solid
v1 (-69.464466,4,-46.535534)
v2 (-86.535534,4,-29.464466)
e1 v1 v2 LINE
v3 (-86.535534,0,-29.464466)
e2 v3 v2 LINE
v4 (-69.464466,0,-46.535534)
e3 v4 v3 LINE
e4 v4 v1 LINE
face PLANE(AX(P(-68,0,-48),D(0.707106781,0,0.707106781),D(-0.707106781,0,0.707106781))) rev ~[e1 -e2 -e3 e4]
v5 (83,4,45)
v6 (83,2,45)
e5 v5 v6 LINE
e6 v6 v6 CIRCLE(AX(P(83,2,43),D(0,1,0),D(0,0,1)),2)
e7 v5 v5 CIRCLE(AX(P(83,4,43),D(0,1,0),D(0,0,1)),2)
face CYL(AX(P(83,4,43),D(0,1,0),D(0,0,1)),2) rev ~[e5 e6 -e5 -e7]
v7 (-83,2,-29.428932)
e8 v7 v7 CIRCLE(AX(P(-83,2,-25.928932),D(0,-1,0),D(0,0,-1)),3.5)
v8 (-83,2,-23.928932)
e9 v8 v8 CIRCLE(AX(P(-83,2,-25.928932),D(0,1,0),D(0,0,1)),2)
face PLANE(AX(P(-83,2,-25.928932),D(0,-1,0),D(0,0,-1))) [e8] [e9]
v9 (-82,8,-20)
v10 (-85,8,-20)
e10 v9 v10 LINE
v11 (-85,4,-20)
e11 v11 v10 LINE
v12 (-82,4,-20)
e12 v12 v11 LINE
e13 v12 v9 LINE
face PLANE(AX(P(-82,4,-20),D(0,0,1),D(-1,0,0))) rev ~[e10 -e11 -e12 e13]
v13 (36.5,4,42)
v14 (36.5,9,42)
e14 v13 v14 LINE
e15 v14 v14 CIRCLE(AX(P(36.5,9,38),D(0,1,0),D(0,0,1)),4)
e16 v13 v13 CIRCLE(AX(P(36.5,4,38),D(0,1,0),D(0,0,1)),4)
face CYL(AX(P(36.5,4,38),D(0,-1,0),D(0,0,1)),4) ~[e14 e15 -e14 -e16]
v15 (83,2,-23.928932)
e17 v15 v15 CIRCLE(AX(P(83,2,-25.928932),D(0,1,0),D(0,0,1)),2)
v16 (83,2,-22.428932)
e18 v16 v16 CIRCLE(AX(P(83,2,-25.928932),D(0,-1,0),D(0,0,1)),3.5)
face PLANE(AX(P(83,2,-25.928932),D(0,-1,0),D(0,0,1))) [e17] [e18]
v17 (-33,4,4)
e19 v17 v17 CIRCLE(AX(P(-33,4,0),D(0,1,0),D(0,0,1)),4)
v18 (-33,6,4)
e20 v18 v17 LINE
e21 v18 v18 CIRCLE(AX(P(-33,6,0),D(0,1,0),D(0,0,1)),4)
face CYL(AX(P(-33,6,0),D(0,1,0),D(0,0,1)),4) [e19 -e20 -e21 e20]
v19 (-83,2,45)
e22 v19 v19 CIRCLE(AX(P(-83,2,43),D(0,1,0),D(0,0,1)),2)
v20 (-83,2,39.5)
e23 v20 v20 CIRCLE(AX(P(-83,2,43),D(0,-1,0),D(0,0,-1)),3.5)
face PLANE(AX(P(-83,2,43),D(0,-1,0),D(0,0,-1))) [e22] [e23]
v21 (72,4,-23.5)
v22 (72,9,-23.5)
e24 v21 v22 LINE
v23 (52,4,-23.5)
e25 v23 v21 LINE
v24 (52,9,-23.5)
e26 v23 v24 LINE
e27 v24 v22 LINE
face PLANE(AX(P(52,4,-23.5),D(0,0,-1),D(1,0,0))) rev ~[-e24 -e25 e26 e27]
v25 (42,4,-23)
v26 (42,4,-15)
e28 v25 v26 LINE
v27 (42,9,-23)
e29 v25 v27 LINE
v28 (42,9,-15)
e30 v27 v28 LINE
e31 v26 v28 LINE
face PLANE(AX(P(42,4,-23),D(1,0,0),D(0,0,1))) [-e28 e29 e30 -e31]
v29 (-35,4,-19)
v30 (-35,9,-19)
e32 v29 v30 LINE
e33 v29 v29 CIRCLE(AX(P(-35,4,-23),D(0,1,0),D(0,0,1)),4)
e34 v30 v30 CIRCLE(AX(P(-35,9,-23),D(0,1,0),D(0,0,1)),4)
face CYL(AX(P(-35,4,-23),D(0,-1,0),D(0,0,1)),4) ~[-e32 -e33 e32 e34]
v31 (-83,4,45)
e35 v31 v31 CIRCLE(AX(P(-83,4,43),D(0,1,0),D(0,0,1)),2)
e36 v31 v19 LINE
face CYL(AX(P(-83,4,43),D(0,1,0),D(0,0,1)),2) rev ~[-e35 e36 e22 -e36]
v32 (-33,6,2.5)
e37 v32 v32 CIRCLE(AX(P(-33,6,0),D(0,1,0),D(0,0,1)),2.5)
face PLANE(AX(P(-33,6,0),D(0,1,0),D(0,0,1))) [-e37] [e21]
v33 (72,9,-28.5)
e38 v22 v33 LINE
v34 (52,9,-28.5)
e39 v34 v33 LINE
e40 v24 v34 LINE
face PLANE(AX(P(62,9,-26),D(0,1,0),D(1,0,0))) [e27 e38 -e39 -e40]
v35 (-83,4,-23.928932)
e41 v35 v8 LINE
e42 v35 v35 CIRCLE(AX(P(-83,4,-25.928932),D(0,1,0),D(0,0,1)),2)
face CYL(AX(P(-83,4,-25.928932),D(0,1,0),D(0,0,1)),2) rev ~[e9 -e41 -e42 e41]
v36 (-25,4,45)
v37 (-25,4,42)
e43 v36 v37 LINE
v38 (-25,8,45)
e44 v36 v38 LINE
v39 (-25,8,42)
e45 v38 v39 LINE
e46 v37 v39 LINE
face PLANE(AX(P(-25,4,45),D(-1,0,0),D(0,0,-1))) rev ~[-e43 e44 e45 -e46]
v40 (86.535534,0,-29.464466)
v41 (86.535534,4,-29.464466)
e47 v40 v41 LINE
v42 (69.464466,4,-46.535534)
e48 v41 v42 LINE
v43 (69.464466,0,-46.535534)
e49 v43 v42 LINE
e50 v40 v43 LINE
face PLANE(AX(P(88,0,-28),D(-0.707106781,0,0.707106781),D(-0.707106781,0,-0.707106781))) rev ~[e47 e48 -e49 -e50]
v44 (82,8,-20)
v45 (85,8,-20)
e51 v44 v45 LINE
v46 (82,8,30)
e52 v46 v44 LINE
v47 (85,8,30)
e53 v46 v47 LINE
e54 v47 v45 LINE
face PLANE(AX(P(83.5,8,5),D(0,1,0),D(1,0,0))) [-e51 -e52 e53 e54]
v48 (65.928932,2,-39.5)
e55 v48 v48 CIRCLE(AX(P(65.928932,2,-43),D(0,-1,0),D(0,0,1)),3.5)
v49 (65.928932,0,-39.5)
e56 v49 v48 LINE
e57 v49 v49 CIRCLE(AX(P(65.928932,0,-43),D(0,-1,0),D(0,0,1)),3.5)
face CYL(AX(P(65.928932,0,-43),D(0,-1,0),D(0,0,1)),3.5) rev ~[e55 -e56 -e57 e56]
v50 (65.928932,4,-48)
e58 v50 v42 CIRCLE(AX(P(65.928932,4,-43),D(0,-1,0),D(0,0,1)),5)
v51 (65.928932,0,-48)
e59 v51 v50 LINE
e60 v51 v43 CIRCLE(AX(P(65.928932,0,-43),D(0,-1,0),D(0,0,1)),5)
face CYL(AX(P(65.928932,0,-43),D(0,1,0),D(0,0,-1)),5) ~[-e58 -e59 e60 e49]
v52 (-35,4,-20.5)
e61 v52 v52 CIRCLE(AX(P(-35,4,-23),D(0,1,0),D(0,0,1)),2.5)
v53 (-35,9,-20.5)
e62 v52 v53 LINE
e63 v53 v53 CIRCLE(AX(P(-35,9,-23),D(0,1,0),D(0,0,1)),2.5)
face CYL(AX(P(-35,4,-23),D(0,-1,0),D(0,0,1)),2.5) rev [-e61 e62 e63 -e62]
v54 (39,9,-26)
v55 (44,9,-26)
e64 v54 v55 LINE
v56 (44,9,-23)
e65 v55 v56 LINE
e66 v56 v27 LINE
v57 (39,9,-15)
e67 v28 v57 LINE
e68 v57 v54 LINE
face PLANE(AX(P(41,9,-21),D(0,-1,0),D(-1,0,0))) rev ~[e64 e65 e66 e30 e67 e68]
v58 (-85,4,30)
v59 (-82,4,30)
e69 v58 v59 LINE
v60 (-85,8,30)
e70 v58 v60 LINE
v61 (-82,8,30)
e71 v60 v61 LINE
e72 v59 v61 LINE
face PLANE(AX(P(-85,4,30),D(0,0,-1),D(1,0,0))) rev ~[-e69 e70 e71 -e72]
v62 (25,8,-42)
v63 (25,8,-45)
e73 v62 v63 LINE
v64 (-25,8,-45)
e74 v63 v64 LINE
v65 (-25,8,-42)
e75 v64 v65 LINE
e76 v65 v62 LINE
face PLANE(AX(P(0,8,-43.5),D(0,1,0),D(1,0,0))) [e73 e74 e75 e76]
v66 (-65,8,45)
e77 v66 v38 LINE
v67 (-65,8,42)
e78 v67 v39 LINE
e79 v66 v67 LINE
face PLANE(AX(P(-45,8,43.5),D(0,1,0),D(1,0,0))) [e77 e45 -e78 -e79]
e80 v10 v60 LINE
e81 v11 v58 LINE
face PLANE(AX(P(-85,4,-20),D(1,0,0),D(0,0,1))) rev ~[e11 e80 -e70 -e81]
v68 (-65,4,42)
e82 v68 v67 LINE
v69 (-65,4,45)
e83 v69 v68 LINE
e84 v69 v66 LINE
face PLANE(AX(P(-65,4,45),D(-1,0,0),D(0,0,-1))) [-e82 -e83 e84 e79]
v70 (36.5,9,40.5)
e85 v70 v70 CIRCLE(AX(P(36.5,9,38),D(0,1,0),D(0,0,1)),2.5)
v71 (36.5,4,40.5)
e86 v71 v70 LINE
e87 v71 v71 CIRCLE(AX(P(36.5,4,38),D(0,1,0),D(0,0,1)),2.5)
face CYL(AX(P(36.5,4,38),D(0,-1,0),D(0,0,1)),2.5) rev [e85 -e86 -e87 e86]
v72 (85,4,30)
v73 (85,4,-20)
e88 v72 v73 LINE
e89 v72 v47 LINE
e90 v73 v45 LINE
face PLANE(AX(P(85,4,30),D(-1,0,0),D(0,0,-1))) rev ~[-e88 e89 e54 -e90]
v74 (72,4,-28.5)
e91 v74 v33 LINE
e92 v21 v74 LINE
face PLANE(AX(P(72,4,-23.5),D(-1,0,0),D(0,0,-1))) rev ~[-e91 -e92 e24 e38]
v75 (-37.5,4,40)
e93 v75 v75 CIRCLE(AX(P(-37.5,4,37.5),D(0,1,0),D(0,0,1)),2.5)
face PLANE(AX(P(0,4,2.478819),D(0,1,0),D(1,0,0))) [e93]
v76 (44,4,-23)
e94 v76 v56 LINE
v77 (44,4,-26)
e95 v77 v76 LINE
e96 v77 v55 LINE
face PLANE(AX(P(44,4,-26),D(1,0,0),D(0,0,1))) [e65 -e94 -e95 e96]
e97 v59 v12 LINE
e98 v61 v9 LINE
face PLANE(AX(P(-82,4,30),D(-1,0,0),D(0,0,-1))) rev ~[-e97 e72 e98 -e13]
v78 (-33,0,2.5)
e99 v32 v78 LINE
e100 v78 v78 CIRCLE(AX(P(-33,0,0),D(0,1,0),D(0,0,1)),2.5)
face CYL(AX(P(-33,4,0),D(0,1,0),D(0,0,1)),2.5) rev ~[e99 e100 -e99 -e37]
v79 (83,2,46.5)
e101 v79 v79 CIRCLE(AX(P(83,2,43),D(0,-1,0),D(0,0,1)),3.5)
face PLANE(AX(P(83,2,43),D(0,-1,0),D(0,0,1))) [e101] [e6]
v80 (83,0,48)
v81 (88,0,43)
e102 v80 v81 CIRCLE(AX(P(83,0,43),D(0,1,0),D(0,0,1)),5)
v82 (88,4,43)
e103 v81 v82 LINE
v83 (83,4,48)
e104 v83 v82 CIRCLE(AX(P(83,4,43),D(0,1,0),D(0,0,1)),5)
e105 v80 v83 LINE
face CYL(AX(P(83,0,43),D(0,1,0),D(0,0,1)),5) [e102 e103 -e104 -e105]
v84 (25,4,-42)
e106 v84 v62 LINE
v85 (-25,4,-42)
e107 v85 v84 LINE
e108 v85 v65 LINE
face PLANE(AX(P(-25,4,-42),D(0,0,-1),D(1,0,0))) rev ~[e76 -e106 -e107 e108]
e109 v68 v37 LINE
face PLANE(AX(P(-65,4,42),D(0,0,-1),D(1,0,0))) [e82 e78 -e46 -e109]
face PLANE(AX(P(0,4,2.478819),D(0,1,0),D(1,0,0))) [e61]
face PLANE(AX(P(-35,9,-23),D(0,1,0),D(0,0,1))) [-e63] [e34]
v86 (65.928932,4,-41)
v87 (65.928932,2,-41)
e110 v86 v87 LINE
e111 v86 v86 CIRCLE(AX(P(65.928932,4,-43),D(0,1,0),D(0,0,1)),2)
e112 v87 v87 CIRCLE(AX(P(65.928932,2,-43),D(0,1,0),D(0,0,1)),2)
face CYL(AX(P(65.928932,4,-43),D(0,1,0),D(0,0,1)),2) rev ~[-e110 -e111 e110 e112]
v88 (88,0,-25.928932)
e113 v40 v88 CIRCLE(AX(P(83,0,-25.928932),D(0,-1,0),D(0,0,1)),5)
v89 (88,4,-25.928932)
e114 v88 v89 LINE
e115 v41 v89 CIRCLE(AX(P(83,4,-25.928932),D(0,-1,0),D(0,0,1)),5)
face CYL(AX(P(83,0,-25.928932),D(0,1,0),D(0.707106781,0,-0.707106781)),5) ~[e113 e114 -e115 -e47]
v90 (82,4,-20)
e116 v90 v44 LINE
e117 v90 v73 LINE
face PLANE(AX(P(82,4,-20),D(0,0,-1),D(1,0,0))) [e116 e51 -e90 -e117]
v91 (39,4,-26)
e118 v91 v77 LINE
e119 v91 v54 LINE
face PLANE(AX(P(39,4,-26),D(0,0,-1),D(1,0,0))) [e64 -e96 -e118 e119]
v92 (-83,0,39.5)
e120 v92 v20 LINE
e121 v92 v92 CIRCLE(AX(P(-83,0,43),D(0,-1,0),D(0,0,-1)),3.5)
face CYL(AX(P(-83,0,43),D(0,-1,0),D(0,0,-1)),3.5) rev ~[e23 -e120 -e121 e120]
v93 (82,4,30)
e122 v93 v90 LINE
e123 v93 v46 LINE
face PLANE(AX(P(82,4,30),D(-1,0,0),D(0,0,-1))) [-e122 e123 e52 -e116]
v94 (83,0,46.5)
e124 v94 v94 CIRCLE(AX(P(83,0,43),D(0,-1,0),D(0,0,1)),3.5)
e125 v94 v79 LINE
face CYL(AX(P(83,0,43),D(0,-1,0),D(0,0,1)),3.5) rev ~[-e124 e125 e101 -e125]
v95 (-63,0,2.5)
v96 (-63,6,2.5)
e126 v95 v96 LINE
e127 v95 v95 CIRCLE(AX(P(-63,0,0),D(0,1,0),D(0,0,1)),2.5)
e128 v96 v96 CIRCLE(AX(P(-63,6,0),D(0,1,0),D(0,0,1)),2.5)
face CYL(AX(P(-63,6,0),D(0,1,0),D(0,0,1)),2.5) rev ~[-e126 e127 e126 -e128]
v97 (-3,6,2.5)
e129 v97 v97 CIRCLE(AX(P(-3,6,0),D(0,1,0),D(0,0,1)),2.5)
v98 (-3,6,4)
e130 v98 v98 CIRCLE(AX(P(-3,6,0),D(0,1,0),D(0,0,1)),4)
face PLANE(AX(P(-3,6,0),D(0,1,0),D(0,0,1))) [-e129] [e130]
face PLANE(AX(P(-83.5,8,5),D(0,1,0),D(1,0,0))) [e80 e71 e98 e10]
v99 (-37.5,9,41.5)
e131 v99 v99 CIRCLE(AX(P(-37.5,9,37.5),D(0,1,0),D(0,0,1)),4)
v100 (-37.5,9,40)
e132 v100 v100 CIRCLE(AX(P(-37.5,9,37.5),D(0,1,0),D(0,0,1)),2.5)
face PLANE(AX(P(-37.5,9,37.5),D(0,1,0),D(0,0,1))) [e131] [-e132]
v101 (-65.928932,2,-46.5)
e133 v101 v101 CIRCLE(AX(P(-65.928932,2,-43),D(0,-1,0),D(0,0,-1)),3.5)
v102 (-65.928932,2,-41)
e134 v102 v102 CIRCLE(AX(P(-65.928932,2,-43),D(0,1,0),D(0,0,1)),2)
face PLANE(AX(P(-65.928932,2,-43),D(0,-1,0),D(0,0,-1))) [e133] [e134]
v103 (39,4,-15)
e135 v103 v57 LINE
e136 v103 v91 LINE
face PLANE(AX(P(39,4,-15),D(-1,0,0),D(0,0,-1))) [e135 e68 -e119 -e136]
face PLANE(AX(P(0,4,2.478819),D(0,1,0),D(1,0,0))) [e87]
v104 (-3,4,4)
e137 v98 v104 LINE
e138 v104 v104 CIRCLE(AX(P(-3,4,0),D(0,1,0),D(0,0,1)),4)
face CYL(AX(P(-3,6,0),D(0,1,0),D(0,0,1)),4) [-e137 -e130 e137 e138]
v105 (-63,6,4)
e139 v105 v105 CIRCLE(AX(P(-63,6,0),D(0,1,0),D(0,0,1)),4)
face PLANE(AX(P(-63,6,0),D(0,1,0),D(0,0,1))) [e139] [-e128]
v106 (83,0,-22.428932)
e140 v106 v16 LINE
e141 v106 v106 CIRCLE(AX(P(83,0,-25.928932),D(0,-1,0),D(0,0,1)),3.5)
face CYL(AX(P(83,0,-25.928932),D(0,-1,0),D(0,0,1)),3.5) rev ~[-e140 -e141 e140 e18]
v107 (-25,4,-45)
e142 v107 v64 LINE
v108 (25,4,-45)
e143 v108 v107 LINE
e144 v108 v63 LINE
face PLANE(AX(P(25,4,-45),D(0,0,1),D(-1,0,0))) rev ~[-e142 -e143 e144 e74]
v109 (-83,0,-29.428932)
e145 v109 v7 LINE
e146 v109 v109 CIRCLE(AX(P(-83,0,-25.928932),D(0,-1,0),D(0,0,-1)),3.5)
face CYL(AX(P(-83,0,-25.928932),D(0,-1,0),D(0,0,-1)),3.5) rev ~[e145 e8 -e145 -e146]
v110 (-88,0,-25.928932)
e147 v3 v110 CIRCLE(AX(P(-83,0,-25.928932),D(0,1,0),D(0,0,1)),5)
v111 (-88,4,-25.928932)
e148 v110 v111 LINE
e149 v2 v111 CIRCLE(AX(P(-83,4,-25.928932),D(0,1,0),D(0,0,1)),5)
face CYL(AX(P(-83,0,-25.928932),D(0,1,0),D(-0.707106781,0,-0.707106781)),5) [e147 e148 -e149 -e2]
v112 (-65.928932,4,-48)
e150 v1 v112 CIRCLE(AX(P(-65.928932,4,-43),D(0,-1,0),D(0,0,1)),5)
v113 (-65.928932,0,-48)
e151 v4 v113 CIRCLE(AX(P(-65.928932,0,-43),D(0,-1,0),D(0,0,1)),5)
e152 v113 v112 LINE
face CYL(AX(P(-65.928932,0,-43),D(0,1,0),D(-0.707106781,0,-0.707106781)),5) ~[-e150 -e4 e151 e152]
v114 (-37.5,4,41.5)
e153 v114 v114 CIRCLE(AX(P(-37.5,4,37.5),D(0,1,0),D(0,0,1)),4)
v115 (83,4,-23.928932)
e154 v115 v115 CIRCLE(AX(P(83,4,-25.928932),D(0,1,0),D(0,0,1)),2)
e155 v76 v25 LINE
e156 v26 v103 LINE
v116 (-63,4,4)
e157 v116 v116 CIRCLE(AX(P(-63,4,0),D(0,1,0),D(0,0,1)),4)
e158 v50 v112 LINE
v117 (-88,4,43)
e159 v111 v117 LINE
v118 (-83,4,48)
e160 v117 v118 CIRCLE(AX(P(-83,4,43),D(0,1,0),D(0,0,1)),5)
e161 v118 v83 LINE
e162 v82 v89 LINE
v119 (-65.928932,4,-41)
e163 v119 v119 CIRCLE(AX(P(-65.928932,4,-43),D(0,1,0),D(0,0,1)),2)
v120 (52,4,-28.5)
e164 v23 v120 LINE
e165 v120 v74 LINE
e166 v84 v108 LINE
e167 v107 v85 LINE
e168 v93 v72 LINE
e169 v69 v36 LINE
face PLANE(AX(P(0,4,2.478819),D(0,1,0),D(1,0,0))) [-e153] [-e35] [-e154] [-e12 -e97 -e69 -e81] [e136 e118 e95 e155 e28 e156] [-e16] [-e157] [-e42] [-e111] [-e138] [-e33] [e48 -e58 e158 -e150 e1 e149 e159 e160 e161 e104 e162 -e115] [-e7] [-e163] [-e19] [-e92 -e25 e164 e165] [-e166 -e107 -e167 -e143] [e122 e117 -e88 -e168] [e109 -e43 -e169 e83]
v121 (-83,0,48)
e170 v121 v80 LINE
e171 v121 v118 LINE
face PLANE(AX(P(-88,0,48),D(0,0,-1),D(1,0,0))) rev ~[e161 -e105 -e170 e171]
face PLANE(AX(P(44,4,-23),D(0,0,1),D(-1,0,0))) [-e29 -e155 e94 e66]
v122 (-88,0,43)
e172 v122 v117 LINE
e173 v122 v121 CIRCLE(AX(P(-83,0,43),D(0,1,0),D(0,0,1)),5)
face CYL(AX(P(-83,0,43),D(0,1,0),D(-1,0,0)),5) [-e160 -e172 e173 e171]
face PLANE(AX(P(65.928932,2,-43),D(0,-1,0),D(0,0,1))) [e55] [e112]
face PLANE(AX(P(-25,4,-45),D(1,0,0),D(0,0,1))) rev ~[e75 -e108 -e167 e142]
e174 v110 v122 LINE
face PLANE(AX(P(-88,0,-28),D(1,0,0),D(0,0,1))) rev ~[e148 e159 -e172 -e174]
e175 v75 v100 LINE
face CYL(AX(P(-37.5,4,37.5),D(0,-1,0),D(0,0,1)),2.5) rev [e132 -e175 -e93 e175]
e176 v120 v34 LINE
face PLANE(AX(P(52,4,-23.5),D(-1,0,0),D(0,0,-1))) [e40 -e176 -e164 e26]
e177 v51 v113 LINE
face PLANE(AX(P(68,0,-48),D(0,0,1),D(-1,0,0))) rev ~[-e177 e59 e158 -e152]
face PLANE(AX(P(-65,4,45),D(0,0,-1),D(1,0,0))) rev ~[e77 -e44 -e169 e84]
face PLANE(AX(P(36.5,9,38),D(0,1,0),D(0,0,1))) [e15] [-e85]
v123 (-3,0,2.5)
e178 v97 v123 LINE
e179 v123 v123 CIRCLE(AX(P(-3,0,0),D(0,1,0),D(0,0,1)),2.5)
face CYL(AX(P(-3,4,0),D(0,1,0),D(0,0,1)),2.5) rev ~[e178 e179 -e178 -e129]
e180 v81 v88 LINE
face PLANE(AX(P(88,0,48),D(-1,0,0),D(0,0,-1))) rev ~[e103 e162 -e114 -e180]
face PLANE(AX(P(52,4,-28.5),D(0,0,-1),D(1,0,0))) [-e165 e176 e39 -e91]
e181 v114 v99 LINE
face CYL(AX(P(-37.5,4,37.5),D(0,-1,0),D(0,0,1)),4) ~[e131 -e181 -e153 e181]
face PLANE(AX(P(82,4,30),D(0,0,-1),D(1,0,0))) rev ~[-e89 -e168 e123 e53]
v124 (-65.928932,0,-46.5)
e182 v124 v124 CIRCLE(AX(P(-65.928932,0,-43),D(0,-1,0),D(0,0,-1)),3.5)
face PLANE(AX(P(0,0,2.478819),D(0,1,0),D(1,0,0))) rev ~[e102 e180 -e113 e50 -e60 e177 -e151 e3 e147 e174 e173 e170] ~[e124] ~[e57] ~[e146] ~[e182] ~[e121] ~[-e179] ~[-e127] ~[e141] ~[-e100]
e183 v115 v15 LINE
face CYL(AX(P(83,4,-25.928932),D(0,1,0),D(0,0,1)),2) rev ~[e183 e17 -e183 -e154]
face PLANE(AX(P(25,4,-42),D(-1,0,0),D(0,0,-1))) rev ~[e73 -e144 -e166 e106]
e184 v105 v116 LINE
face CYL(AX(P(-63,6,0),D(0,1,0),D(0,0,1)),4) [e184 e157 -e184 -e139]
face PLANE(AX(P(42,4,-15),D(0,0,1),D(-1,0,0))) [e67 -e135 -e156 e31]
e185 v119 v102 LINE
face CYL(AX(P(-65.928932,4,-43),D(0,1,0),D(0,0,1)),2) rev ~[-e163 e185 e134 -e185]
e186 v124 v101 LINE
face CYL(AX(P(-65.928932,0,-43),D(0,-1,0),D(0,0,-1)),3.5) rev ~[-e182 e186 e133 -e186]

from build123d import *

# Parameters (mm, degrees)
BOSS_EXTRUDE1_DEPTH = 4
SKETCH10_R          = 4
SKETCH10_R_2        = 2.5
SKETCH10_W          = 20
SKETCH10_H          = 5
BOSS_EXTRUDE5_DEPTH = 5
SKETCH11_W          = 3
SKETCH11_H          = 50
SKETCH11_W_2        = 40
SKETCH11_H_2        = 3
BOSS_EXTRUDE6_DEPTH = 4
SKETCH12_R          = 2.5
CUT_EXTRUDE5_DEPTH  = 4
BOSS_EXTRUDE7_START = 2
SKETCH13_R          = 4
SKETCH13_R_2        = 2.5
BOSS_EXTRUDE7_DEPTH = 2
SKETCH14_R          = 2
CUT_EXTRUDE6_DEPTH  = 15
SKETCH15_R          = 3.5
CUT_EXTRUDE8_DEPTH  = 2
FILLET1_R           = 5


with BuildPart() as part:
    # Sketch1 → Boss-Extrude1 (new body)
    with BuildSketch(Plane(origin=(0, 0, 0), x_dir=(1, 0, 0), z_dir=(0, 1, 0))):
        Polygon((-68, 48), (-88, 28), (-88, -48), (88, -48), (88, 28), (68, 48), align=None)
    extrude(amount=BOSS_EXTRUDE1_DEPTH)

    # Sketch10 → Boss-Extrude5 (add)
    # profile 1 of 5: a face of its own
    with BuildSketch(Plane(origin=(0, 4, 0), x_dir=(1, 0, 0), z_dir=(0, 1, 0))):
        with Locations(Location((36.5, -38, 0), (0, 0, 270))):
            Circle(SKETCH10_R)
        with Locations(Location((36.5, -38, 0), (0, 0, 270))):
            Circle(SKETCH10_R_2, mode=Mode.SUBTRACT)
    # profile 2 of 5: a face of its own
    with BuildSketch(Plane(origin=(0, 4, 0), x_dir=(1, 0, 0), z_dir=(0, 1, 0))):
        with Locations(Location((-37.5, -37.5, 0), (0, 0, 270))):
            Circle(SKETCH10_R)
        with Locations(Location((-37.5, -37.5, 0), (0, 0, 270))):
            Circle(SKETCH10_R_2, mode=Mode.SUBTRACT)
    # profile 3 of 5: a face of its own
    with BuildSketch(Plane(origin=(0, 4, 0), x_dir=(1, 0, 0), z_dir=(0, 1, 0))):
        with Locations(Location((-35, 23, 0), (0, 0, 270))):
            Circle(SKETCH10_R)
        with Locations(Location((-35, 23, 0), (0, 0, 270))):
            Circle(SKETCH10_R_2, mode=Mode.SUBTRACT)
    # profile 4 of 5: a face of its own
    with BuildSketch(Plane(origin=(0, 4, 0), x_dir=(1, 0, 0), z_dir=(0, 1, 0))):
        with Locations((62, 26)):
            Rectangle(SKETCH10_W, SKETCH10_H)
    # profile 5 of 5: a face of its own
    with BuildSketch(Plane(origin=(0, 4, 0), x_dir=(1, 0, 0), z_dir=(0, 1, 0))):
        Polygon((42, 23), (42, 15), (39, 15), (39, 26), (44, 26), (44, 23), align=None)
    extrude(amount=BOSS_EXTRUDE5_DEPTH)

    # Sketch11 → Boss-Extrude6 (add)
    with BuildSketch(Plane(origin=(0, 4, 0), x_dir=(1, 0, 0), z_dir=(0, 1, 0))):
        Polygon((25, 43.5), (25, 45), (-25, 45), (-25, 43.5), (-25, 42), (25, 42), align=None)
        Polygon((-82, 20), (-83.5, 20), (-85, 20), (-85, -30), (-82, -30), align=None)
        with Locations((83.5, -5)):
            Rectangle(SKETCH11_W, SKETCH11_H)
        with Locations((-45, -43.5)):
            Rectangle(SKETCH11_W_2, SKETCH11_H_2)
    extrude(amount=BOSS_EXTRUDE6_DEPTH)

    # Sketch12 → Cut-Extrude5 (cut)
    with BuildSketch(Plane(origin=(0, 4, 0), x_dir=(1, 0, 0), z_dir=(0, 1, 0))):
        with Locations(Location((-63, 0, 0), (0, 0, 270))):
            Circle(SKETCH12_R)
        with Locations(Location((-33, 0, 0), (0, 0, 270))):
            Circle(SKETCH12_R)
        with Locations(Location((-3, 0, 0), (0, 0, 270))):
            Circle(SKETCH12_R)
    extrude(amount=-CUT_EXTRUDE5_DEPTH, mode=Mode.SUBTRACT)

    # Sketch13 → Boss-Extrude7 (add)
    # profile 1 of 3: a face of its own
    with BuildSketch(Plane(origin=(0, 4, 0), x_dir=(1, 0, 0), z_dir=(0, 1, 0)).offset(BOSS_EXTRUDE7_START)):
        with Locations(Location((-63, 0, 0), (0, 0, 270))):
            Circle(SKETCH13_R)
        with Locations(Location((-63, 0, 0), (0, 0, 270))):
            Circle(SKETCH13_R_2, mode=Mode.SUBTRACT)
    # profile 2 of 3: a face of its own
    with BuildSketch(Plane(origin=(0, 4, 0), x_dir=(1, 0, 0), z_dir=(0, 1, 0)).offset(BOSS_EXTRUDE7_START)):
        with Locations(Location((-33, 0, 0), (0, 0, 270))):
            Circle(SKETCH13_R)
        with Locations(Location((-33, 0, 0), (0, 0, 270))):
            Circle(SKETCH13_R_2, mode=Mode.SUBTRACT)
    # profile 3 of 3: a face of its own
    with BuildSketch(Plane(origin=(0, 4, 0), x_dir=(1, 0, 0), z_dir=(0, 1, 0)).offset(BOSS_EXTRUDE7_START)):
        with Locations(Location((-3, 0, 0), (0, 0, 270))):
            Circle(SKETCH13_R)
        with Locations(Location((-3, 0, 0), (0, 0, 270))):
            Circle(SKETCH13_R_2, mode=Mode.SUBTRACT)
    extrude(amount=-BOSS_EXTRUDE7_DEPTH)

    # Sketch14 → Cut-Extrude6 (cut)
    with BuildSketch(Plane(origin=(0, 4, 0), x_dir=(1, 0, 0), z_dir=(0, 1, 0))):
        with Locations(Location((-65.928932188, 43, 0), (0, 0, 270))):
            Circle(SKETCH14_R)
        with Locations(Location((-83, 25.928932188, 0), (0, 0, 270))):
            Circle(SKETCH14_R)
        with Locations(Location((-83, -43, 0), (0, 0, 270))):
            Circle(SKETCH14_R)
        with Locations(Location((65.928932188, 43, 0), (0, 0, 270))):
            Circle(SKETCH14_R)
        with Locations(Location((83, 25.928932188, 0), (0, 0, 270))):
            Circle(SKETCH14_R)
        with Locations(Location((83, -43, 0), (0, 0, 270))):
            Circle(SKETCH14_R)
    extrude(amount=-CUT_EXTRUDE6_DEPTH, mode=Mode.SUBTRACT)

    # Sketch15 → Cut-Extrude8 (cut)
    with BuildSketch(Plane.XZ):
        with Locations(Location((-83, 43, 0), (0, 0, 270))):
            Circle(SKETCH15_R)
        with Locations(Location((-83, -25.928932188, 0), (0, 0, 270))):
            Circle(SKETCH15_R)
        with Locations(Location((-65.928932188, -43, 0), (0, 0, 270))):
            Circle(SKETCH15_R)
        with Locations(Location((65.928932188, -43, 0), (0, 0, 90))):
            Circle(SKETCH15_R)
        with Locations(Location((83, -25.928932188, 0), (0, 0, 90))):
            Circle(SKETCH15_R)
        with Locations(Location((83, 43, 0), (0, 0, 90))):
            Circle(SKETCH15_R)
    extrude(amount=-CUT_EXTRUDE8_DEPTH, mode=Mode.SUBTRACT)

    # Fillet1
    fillet1_edges = [part.edges().sort_by_distance(p)[0] for p in [
        (88, 2, 48),
        (-88, 2, 48),
        (-88, 2, -28),
        (-68, 2, -48),
        (68, 2, -48),
        (88, 2, -28),
    ]]
    fillet(fillet1_edges, radius=FILLET1_R)


solid = part.part
